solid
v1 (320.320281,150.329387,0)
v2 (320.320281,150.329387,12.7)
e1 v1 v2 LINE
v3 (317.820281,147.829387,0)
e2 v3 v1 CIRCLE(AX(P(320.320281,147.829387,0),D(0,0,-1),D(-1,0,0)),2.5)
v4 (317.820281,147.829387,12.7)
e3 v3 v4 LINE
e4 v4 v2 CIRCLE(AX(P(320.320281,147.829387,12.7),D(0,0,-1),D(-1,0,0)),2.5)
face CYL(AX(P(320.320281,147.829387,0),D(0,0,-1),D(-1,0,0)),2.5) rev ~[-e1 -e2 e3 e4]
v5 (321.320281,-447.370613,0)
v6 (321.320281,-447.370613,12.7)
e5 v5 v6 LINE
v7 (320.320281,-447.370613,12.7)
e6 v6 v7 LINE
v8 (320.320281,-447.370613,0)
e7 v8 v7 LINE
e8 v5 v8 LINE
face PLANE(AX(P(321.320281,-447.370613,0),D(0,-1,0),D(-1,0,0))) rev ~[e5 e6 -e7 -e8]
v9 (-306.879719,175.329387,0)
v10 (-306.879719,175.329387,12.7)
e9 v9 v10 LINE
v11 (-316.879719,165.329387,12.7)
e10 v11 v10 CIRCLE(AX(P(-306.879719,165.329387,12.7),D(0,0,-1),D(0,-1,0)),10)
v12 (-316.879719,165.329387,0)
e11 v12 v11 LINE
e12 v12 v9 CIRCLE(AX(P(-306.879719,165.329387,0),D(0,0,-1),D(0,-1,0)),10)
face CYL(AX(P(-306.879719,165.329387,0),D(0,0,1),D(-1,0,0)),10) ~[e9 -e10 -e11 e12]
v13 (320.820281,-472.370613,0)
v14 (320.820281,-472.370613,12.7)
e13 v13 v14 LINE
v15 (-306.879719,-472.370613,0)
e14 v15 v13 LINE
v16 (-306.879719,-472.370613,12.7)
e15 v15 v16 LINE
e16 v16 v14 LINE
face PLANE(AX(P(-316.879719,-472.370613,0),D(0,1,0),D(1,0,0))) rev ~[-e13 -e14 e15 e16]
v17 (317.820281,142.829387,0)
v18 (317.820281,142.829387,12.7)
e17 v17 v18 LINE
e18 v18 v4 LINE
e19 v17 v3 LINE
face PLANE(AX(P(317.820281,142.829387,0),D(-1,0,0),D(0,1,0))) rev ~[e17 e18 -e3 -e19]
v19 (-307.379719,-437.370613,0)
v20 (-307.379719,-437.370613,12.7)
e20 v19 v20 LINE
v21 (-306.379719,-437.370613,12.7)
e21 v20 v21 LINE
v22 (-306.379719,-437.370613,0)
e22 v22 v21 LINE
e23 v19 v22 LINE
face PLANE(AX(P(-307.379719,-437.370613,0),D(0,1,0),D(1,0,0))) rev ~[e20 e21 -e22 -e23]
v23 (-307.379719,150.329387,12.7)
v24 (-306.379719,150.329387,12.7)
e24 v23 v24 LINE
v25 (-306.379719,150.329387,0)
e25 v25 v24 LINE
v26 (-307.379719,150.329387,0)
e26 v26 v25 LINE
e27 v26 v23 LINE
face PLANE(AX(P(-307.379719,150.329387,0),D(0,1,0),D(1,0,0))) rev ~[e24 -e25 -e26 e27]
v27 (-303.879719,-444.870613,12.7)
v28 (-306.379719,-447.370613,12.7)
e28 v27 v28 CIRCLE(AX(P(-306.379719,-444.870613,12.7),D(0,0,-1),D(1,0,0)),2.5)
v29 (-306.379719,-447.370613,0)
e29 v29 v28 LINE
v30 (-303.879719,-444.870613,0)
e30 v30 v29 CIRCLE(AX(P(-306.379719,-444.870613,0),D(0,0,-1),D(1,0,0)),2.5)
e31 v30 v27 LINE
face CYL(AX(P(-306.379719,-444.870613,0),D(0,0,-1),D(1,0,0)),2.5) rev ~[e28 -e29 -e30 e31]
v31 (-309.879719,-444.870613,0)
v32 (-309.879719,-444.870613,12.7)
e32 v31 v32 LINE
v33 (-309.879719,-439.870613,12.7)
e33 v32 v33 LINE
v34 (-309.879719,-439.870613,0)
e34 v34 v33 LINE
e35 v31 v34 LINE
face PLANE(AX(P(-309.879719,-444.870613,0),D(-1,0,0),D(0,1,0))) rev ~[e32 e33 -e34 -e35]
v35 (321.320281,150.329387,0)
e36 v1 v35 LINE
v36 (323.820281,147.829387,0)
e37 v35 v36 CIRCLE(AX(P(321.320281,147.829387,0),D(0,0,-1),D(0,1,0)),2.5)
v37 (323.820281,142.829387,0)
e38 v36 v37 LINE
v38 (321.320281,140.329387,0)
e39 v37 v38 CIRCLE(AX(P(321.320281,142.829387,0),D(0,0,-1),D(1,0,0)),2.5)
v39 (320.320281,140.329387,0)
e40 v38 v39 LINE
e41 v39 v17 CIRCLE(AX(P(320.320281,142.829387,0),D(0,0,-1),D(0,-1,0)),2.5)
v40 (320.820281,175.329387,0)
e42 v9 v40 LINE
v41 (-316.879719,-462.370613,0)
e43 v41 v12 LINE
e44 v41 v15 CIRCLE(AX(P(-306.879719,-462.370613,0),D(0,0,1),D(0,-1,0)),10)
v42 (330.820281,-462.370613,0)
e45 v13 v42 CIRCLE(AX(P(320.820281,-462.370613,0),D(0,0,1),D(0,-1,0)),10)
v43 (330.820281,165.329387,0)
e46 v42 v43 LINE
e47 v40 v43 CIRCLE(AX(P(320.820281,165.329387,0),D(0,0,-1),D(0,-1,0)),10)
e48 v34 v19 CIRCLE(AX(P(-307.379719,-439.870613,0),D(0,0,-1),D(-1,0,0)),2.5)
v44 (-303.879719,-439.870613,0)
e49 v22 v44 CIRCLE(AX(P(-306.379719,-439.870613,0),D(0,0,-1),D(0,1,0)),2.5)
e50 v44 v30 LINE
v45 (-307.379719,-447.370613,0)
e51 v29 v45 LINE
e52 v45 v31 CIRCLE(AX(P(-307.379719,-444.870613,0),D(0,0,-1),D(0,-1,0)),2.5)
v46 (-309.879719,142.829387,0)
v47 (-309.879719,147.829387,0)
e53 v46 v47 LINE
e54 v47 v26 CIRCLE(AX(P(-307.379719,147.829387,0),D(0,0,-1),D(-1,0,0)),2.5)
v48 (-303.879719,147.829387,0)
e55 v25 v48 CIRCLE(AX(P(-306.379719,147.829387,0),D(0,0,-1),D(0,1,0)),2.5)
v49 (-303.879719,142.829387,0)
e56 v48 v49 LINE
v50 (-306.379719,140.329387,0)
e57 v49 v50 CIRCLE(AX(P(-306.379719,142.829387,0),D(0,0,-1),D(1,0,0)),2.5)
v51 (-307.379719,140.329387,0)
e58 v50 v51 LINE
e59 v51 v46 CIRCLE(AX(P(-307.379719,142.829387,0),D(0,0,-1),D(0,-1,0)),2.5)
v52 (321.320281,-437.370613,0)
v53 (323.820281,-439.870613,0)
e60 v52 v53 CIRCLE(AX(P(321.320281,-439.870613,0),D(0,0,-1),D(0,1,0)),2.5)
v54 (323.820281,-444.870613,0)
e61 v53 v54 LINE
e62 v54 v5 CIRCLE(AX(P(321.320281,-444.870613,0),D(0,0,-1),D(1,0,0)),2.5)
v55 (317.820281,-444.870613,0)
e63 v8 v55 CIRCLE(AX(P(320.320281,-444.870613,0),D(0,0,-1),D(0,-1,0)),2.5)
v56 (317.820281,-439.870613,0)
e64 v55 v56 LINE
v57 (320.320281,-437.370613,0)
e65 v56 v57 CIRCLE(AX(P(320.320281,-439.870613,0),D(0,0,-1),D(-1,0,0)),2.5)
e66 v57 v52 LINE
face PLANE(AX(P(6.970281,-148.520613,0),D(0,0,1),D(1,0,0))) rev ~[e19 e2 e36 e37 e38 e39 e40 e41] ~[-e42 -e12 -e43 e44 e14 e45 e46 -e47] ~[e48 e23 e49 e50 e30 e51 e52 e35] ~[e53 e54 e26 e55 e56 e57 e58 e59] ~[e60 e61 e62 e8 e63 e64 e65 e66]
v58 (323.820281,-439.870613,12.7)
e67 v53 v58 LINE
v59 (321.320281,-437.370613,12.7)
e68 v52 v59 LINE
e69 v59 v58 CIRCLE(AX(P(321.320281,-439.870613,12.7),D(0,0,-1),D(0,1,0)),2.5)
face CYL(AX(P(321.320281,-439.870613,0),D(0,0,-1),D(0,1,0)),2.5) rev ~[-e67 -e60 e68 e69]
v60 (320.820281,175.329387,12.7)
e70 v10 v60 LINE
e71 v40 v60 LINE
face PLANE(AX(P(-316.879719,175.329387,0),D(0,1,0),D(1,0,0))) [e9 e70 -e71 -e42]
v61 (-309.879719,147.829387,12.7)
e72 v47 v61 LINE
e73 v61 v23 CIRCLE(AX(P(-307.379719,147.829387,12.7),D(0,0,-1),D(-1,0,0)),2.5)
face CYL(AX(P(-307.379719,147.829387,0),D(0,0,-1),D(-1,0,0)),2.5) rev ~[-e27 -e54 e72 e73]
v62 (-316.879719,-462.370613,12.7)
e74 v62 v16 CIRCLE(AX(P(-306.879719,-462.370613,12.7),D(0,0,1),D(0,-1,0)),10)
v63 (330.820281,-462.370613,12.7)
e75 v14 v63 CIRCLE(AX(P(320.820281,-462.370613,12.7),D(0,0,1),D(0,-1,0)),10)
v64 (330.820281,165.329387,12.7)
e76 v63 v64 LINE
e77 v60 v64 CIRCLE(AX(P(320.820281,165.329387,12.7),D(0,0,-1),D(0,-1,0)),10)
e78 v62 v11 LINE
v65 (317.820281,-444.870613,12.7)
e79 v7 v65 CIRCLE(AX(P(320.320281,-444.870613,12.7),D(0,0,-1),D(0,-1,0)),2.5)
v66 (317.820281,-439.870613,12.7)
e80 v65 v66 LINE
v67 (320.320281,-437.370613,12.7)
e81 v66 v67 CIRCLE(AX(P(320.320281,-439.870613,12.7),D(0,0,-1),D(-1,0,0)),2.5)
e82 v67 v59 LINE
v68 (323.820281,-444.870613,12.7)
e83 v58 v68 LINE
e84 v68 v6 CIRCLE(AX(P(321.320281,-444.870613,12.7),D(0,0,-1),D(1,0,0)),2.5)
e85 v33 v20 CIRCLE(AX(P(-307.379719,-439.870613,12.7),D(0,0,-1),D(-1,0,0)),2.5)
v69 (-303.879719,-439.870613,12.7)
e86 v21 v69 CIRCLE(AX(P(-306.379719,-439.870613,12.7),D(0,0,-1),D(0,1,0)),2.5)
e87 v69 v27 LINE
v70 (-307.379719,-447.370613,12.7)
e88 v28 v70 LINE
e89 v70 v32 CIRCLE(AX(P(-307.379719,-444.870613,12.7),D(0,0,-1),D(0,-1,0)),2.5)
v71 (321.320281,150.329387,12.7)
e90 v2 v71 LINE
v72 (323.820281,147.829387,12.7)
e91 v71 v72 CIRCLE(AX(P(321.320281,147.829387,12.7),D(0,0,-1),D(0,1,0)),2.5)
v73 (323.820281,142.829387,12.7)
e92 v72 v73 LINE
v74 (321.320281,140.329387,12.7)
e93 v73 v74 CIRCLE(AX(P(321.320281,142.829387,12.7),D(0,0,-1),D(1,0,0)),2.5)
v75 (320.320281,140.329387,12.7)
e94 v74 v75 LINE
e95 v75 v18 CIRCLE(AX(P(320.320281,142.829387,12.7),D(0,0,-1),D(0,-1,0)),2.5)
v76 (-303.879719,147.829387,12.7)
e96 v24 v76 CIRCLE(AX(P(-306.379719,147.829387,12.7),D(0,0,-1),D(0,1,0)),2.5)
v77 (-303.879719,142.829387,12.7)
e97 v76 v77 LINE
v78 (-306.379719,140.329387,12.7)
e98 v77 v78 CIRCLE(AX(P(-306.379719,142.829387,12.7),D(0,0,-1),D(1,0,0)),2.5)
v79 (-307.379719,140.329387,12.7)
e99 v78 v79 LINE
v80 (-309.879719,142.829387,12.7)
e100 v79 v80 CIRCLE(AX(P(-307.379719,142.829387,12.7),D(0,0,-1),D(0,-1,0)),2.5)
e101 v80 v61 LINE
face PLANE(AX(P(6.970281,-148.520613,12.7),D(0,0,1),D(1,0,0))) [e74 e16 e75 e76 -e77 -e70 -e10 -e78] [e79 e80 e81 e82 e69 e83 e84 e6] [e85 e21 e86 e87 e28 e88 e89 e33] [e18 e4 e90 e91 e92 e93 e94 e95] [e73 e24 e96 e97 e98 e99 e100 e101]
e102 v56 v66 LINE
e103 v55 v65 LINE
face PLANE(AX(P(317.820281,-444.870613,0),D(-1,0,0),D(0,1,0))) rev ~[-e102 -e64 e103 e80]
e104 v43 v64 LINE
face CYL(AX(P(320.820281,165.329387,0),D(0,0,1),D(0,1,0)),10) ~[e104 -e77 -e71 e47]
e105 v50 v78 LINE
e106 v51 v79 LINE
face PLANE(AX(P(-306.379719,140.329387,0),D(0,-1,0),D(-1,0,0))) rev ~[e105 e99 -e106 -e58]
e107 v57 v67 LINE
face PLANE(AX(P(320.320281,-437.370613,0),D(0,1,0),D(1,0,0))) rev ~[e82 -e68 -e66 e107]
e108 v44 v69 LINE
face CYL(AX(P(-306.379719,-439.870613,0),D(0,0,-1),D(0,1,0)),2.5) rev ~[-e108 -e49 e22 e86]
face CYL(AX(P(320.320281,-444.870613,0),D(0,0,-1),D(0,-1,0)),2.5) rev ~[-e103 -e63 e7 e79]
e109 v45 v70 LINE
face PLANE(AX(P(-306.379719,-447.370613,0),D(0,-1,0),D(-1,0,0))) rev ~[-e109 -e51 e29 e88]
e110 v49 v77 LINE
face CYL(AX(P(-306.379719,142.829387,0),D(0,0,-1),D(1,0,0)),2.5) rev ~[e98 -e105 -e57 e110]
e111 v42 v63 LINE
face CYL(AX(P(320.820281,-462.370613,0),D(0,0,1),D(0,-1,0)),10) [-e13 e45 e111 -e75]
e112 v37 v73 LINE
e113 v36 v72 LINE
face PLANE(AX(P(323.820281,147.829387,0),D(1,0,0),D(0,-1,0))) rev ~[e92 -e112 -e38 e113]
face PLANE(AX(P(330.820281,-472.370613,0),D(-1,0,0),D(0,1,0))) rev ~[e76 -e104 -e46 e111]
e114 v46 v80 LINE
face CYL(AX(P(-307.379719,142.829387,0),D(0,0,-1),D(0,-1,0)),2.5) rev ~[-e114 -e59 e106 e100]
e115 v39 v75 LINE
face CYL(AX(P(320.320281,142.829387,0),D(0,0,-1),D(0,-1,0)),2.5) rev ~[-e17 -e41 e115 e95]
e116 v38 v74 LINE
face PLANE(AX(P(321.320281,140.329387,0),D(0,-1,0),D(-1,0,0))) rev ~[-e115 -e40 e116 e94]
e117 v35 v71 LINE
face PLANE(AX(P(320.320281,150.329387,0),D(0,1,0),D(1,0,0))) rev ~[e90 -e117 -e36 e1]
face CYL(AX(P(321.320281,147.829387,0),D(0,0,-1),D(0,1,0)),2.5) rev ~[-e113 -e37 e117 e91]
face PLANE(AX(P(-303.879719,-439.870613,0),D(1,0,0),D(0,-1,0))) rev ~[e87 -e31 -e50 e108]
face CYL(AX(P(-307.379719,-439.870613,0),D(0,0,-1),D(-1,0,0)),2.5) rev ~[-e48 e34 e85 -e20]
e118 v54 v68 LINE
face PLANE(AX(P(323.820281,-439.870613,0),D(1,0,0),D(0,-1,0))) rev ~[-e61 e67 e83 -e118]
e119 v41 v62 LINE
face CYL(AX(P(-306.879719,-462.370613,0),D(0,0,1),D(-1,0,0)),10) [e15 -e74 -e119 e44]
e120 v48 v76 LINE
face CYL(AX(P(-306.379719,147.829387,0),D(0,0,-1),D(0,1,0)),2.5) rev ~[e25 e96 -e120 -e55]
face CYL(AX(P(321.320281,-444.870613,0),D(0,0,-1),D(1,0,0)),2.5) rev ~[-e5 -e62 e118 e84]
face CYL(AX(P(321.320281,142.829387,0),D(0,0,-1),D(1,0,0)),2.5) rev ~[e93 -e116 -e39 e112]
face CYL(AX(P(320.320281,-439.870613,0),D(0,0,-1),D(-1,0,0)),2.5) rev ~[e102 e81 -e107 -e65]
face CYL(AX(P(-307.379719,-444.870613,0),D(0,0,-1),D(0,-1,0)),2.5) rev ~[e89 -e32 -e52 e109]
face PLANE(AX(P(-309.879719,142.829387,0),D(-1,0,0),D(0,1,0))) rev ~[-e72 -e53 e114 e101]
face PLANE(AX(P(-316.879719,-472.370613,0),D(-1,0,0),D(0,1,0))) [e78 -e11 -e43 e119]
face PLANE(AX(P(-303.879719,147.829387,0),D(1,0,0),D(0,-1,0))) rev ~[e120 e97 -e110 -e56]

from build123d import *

# Parameters (mm, degrees)
SKETCH1_W           = 647.7
SKETCH1_H           = 647.7
BOSS_EXTRUDE1_DEPTH = 12.7
FILLET1_R           = 10


with BuildPart() as part:
    # Sketch1 → Boss-Extrude1 (new body)
    with BuildSketch(Plane.XY):
        with Locations((6.970281457, -148.520612583)):
            Rectangle(SKETCH1_W, SKETCH1_H)
        with BuildLine():
            Line((321.320281457, -447.370612583), (320.320281457, -447.370612583))
            ThreePointArc((320.320281457, -447.370612583), (318.552514504, -446.638379536), (317.820281457, -444.870612583))
            Line((317.820281457, -444.870612583), (317.820281457, -439.870612583))
            ThreePointArc((317.820281457, -439.870612583), (318.552514504, -438.10284563), (320.320281457, -437.370612583))
            Line((320.320281457, -437.370612583), (321.320281457, -437.370612583))
            ThreePointArc((321.320281457, -437.370612583), (323.08804841, -438.10284563), (323.820281457, -439.870612583))
            Line((323.820281457, -439.870612583), (323.820281457, -444.870612583))
            ThreePointArc((323.820281457, -444.870612583), (323.08804841, -446.638379536), (321.320281457, -447.370612583))
        make_face(mode=Mode.SUBTRACT)
        with BuildLine():
            Line((-306.379718543, -447.370612583), (-307.379718543, -447.370612583))
            ThreePointArc((-307.379718543, -447.370612583), (-309.147485496, -446.638379536), (-309.879718543, -444.870612583))
            Line((-309.879718543, -444.870612583), (-309.879718543, -439.870612583))
            ThreePointArc((-309.879718543, -439.870612583), (-309.147485496, -438.10284563), (-307.379718543, -437.370612583))
            Line((-307.379718543, -437.370612583), (-306.379718543, -437.370612583))
            ThreePointArc((-306.379718543, -437.370612583), (-304.61195159, -438.10284563), (-303.879718543, -439.870612583))
            Line((-303.879718543, -439.870612583), (-303.879718543, -444.870612583))
            ThreePointArc((-303.879718543, -444.870612583), (-304.61195159, -446.638379536), (-306.379718543, -447.370612583))
        make_face(mode=Mode.SUBTRACT)
        with BuildLine():
            Line((-306.379718543, 140.329387417), (-307.379718543, 140.329387417))
            ThreePointArc((-307.379718543, 140.329387417), (-309.147485496, 141.061620464), (-309.879718543, 142.829387417))
            Line((-309.879718543, 142.829387417), (-309.879718543, 147.829387417))
            ThreePointArc((-309.879718543, 147.829387417), (-309.147485496, 149.59715437), (-307.379718543, 150.329387417))
            Line((-307.379718543, 150.329387417), (-306.379718543, 150.329387417))
            ThreePointArc((-306.379718543, 150.329387417), (-304.61195159, 149.59715437), (-303.879718543, 147.829387417))
            Line((-303.879718543, 147.829387417), (-303.879718543, 142.829387417))
            ThreePointArc((-303.879718543, 142.829387417), (-304.61195159, 141.061620464), (-306.379718543, 140.329387417))
        make_face(mode=Mode.SUBTRACT)
        with BuildLine():
            Line((321.320281457, 140.329387417), (320.320281457, 140.329387417))
            ThreePointArc((320.320281457, 140.329387417), (318.552514504, 141.061620464), (317.820281457, 142.829387417))
            Line((317.820281457, 142.829387417), (317.820281457, 147.829387417))
            ThreePointArc((317.820281457, 147.829387417), (318.552514504, 149.59715437), (320.320281457, 150.329387417))
            Line((320.320281457, 150.329387417), (321.320281457, 150.329387417))
            ThreePointArc((321.320281457, 150.329387417), (323.08804841, 149.59715437), (323.820281457, 147.829387417))
            Line((323.820281457, 147.829387417), (323.820281457, 142.829387417))
            ThreePointArc((323.820281457, 142.829387417), (323.08804841, 141.061620464), (321.320281457, 140.329387417))
        make_face(mode=Mode.SUBTRACT)
    extrude(amount=BOSS_EXTRUDE1_DEPTH)

    # Fillet1
    fillet1_edges = [part.edges().sort_by_distance(p)[0] for p in [
        (-316.879718543, 175.329387417, 6.35),
        (-316.879718543, -472.370612583, 6.35),
        (330.820281457, -472.370612583, 6.35),
        (330.820281457, 175.329387417, 6.35),
    ]]
    fillet(fillet1_edges, radius=FILLET1_R)


solid = part.part
